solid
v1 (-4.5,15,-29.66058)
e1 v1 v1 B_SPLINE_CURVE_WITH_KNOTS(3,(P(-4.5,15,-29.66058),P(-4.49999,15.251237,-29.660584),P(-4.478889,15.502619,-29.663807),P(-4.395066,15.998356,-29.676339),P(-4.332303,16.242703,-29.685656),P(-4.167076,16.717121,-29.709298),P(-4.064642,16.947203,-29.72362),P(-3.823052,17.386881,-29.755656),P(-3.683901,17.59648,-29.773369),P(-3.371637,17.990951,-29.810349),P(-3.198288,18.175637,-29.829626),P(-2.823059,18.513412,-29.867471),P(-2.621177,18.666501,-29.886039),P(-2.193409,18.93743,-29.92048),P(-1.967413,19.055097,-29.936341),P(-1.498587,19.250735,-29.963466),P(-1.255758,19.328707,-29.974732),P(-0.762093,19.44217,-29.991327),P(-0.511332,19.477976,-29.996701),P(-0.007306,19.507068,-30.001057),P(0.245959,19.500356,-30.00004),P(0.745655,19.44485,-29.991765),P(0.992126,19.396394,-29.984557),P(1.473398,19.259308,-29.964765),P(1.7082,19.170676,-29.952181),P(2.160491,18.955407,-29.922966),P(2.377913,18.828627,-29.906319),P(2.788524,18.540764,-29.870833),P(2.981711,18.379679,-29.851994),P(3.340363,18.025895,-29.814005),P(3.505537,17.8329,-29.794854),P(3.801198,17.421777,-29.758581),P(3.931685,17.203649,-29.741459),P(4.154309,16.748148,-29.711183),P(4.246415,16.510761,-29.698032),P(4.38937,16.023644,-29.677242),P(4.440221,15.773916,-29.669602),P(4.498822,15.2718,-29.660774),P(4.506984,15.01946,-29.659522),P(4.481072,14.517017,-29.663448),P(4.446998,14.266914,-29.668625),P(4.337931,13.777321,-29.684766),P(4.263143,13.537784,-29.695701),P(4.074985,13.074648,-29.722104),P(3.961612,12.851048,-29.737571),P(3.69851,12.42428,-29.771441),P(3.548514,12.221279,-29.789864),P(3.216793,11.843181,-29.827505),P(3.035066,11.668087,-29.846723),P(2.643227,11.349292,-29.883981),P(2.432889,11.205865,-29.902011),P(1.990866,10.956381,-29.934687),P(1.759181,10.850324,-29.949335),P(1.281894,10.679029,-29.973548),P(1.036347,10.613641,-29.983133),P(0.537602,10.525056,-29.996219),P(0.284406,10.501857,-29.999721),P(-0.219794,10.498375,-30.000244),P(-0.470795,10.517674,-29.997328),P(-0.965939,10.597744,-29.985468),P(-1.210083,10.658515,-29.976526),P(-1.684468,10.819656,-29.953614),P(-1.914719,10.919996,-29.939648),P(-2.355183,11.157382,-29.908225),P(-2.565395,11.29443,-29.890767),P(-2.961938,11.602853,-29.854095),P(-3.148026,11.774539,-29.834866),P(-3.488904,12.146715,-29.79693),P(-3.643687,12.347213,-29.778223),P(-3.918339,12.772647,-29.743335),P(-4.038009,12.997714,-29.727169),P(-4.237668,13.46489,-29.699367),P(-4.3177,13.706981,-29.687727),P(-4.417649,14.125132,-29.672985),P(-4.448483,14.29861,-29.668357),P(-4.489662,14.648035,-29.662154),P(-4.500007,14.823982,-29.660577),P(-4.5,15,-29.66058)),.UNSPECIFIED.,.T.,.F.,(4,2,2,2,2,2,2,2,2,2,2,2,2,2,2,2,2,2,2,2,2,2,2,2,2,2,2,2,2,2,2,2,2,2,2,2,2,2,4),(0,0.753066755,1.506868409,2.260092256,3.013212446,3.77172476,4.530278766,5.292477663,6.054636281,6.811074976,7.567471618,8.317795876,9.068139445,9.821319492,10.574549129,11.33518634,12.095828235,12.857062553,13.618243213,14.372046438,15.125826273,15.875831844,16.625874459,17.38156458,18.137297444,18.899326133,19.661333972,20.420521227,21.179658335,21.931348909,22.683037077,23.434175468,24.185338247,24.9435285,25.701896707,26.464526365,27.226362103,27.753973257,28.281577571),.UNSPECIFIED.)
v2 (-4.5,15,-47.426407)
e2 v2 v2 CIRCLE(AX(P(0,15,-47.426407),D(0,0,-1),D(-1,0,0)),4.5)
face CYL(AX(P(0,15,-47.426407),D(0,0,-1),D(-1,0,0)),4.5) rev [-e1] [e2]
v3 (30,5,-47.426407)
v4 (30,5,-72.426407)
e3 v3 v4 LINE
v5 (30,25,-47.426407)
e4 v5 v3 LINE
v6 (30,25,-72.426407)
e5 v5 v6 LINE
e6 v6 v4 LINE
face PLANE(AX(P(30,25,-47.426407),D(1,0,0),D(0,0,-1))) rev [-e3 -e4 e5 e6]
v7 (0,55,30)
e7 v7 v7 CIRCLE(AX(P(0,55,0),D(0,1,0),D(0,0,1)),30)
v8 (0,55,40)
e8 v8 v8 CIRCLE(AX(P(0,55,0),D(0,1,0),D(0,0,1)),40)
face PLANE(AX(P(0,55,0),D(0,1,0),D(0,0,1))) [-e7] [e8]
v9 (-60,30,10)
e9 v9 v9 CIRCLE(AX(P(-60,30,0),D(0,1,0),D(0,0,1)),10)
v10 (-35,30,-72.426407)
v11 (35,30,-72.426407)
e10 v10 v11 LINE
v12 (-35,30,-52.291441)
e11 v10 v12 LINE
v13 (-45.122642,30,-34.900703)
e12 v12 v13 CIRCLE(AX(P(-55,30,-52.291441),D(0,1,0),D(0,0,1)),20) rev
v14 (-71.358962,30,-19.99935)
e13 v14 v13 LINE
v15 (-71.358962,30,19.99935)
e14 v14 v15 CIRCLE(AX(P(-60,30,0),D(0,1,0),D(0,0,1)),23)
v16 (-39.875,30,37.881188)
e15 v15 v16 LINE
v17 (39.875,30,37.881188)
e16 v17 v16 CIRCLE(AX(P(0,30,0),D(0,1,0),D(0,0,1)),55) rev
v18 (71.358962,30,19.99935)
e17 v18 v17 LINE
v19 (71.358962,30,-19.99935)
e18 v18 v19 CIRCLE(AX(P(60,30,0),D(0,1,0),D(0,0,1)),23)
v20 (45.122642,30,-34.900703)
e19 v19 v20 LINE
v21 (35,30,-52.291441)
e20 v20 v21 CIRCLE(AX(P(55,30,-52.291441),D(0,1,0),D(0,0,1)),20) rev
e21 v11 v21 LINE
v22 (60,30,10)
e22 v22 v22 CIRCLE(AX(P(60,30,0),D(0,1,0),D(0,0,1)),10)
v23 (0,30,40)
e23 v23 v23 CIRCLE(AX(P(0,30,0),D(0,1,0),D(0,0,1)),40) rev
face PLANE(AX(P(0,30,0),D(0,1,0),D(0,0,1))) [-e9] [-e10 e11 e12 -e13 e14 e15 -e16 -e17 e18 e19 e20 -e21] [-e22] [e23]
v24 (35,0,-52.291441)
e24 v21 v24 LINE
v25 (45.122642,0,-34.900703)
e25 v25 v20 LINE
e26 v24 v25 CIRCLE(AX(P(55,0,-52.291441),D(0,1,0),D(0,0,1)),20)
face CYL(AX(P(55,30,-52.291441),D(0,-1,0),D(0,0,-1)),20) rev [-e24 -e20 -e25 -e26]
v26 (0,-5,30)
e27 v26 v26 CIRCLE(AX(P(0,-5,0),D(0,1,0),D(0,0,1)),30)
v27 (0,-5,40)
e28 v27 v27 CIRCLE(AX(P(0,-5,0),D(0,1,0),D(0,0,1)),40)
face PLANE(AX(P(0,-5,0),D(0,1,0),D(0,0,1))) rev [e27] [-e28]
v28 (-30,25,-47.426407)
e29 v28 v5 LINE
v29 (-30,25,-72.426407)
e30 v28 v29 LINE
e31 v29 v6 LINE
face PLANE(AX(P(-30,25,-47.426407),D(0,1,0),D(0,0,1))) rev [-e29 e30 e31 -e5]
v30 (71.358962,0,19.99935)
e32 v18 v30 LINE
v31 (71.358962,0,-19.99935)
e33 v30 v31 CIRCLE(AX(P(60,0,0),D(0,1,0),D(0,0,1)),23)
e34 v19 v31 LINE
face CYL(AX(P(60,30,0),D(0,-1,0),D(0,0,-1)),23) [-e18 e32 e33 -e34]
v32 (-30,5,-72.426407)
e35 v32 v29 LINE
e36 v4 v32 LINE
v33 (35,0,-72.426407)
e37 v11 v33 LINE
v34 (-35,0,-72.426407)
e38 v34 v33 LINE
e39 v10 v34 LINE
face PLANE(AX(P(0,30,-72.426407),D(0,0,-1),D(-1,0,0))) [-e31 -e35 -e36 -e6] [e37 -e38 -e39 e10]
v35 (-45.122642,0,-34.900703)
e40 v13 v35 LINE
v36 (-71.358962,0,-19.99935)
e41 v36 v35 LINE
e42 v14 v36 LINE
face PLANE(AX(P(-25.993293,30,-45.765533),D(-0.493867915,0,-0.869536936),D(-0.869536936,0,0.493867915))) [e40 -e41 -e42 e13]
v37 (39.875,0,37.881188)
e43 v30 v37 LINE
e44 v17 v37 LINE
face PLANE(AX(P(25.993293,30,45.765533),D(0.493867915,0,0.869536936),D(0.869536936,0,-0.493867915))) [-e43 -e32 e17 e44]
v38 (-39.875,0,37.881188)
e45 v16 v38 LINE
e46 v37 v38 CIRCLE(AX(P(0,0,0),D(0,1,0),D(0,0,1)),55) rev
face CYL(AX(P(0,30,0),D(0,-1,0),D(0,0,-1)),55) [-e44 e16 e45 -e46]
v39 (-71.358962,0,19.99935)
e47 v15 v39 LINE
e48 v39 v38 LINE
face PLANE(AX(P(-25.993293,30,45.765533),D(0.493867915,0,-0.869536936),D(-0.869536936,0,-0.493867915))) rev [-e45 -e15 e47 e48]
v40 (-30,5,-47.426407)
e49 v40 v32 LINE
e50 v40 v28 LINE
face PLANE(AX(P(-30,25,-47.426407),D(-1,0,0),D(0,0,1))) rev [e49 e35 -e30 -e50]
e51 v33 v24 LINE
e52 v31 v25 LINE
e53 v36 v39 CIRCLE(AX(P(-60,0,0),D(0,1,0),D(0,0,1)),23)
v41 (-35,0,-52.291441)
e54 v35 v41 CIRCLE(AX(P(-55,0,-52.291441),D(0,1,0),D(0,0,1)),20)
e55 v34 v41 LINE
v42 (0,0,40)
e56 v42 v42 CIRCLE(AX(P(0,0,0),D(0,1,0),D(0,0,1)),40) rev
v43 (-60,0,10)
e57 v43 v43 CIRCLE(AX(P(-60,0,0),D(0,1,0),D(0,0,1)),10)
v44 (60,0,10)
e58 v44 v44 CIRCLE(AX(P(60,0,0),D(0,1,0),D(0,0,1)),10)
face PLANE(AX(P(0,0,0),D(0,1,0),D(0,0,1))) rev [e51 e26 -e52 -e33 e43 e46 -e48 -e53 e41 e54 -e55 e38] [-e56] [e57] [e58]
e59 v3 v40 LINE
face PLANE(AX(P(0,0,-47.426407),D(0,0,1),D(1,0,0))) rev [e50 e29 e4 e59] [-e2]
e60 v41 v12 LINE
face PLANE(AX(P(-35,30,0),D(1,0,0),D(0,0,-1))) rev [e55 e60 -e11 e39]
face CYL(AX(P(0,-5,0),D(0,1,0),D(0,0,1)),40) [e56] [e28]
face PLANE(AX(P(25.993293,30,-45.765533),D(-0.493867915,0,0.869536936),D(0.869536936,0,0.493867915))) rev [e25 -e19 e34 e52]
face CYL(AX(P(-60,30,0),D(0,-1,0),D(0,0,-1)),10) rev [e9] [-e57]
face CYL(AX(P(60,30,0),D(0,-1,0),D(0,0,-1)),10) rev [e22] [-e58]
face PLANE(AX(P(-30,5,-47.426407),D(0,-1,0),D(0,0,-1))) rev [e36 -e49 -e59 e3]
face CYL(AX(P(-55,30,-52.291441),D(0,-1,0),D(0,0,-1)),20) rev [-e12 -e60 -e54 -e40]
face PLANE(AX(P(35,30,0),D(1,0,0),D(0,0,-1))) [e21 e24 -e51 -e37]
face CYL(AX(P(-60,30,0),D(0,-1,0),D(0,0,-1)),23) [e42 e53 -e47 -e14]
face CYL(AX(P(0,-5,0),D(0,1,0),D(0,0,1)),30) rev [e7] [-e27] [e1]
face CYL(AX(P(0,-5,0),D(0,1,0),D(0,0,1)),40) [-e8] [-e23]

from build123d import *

# Parameters (mm, degrees)
BOSS_EXTRUDE1_DEPTH        = 55
BOSS_EXTRUDE1_DEPTH_BACK   = 5
SKETCH1_R                  = 40
SKETCH1_R_2                = 30
SKETCH2_R                  = 10
SKETCH2_R_2                = 30
BOSS_EXTRUDE2_DEPTH        = 30
FILLET1_R                  = 20
SKETCH3_W                  = 60
SKETCH3_H                  = 20
CUT_EXTRUDE1_DEPTH         = 25
M10X1_0_TAPPED_HOLE1_D     = 9
M10X1_0_TAPPED_HOLE1_DEPTH = 43
M10X1_0_TAPPED_HOLE1_TIP   = 2.703872786


with BuildPart() as part:
    # Sketch1 → Boss-Extrude1 (new, two sides: drawn at the far end of the back side and taken through both)
    with BuildSketch(Plane(origin=(0, 0, 0), x_dir=(1, 0, 0), z_dir=(0, 1, 0)).offset(-BOSS_EXTRUDE1_DEPTH_BACK)):
        with Locations(Location((0, 0, 0), (0, 0, 270))):
            Circle(SKETCH1_R)
        with Locations(Location((0, 0, 0), (0, 0, 270))):
            Circle(SKETCH1_R_2, mode=Mode.SUBTRACT)
    extrude(amount=BOSS_EXTRUDE1_DEPTH + BOSS_EXTRUDE1_DEPTH_BACK)

    # Sketch2 → Boss-Extrude2 (add)
    with BuildSketch(Plane(origin=(0, 0, 0), x_dir=(1, 0, 0), z_dir=(0, 1, 0))):
        with BuildLine():
            Line((39.875, -37.881187613), (71.35896205, -19.999349518))
            ThreePointArc((71.35896205, -19.999349518), (83, 0), (71.35896205, 19.999349518))
            Line((71.35896205, 19.999349518), (39.875, 37.881187613))
            Line((39.875, 37.881187613), (35, 40.650024667))
            Line((35, 40.650024667), (35, 72.426406871))
            Line((35, 72.426406871), (-35, 72.426406871))
            Line((-35, 72.426406871), (-35, 40.650024667))
            Line((-35, 40.650024667), (-39.875, 37.881187613))
            Line((-39.875, 37.881187613), (-71.35896205, 19.999349518))
            ThreePointArc((-71.35896205, 19.999349518), (-83, 0), (-71.35896205, -19.999349518))
            Line((-71.35896205, -19.999349518), (-39.875, -37.881187613))
            ThreePointArc((-39.875, -37.881187613), (0, -55), (39.875, -37.881187613))
        make_face()
        with Locations(Location((-60, 0, 0), (0, 0, 270))):
            Circle(SKETCH2_R, mode=Mode.SUBTRACT)
        with Locations(Location((0, 0, 0), (0, 0, 270))):
            Circle(SKETCH2_R_2, mode=Mode.SUBTRACT)
        with Locations(Location((60, 0, 0), (0, 0, 270))):
            Circle(SKETCH2_R, mode=Mode.SUBTRACT)
    extrude(amount=BOSS_EXTRUDE2_DEPTH)

    # Fillet1
    fillet1_edges = [part.edges().sort_by_distance(p)[0] for p in [
        (35, 15, -40.650024667),
        (-35, 15, -40.650024667),
    ]]
    fillet(fillet1_edges, radius=FILLET1_R)

    # Sketch3 → Cut-Extrude1 (cut)
    with BuildSketch(Plane(origin=(0, 0, -72.426406871), x_dir=(-1, 0, 0), z_dir=(0, 0, -1))):
        with Locations((0, 15)):
            Rectangle(SKETCH3_W, SKETCH3_H)
    extrude(amount=-CUT_EXTRUDE1_DEPTH, mode=Mode.SUBTRACT)

    # M10x1.0 Tapped Hole1
    with Locations(Plane(origin=(0, 15, -47.426406871), x_dir=(-1, 0, 0), z_dir=(0, 0, -1))):
        with Locations((0, 0)):
            Hole(M10X1_0_TAPPED_HOLE1_D / 2, depth=M10X1_0_TAPPED_HOLE1_DEPTH)
            with Locations((0, 0, -(M10X1_0_TAPPED_HOLE1_DEPTH + M10X1_0_TAPPED_HOLE1_TIP / 2))):  # 118° drill point
                Cone(0, M10X1_0_TAPPED_HOLE1_D / 2, M10X1_0_TAPPED_HOLE1_TIP, mode=Mode.SUBTRACT)


solid = part.part
